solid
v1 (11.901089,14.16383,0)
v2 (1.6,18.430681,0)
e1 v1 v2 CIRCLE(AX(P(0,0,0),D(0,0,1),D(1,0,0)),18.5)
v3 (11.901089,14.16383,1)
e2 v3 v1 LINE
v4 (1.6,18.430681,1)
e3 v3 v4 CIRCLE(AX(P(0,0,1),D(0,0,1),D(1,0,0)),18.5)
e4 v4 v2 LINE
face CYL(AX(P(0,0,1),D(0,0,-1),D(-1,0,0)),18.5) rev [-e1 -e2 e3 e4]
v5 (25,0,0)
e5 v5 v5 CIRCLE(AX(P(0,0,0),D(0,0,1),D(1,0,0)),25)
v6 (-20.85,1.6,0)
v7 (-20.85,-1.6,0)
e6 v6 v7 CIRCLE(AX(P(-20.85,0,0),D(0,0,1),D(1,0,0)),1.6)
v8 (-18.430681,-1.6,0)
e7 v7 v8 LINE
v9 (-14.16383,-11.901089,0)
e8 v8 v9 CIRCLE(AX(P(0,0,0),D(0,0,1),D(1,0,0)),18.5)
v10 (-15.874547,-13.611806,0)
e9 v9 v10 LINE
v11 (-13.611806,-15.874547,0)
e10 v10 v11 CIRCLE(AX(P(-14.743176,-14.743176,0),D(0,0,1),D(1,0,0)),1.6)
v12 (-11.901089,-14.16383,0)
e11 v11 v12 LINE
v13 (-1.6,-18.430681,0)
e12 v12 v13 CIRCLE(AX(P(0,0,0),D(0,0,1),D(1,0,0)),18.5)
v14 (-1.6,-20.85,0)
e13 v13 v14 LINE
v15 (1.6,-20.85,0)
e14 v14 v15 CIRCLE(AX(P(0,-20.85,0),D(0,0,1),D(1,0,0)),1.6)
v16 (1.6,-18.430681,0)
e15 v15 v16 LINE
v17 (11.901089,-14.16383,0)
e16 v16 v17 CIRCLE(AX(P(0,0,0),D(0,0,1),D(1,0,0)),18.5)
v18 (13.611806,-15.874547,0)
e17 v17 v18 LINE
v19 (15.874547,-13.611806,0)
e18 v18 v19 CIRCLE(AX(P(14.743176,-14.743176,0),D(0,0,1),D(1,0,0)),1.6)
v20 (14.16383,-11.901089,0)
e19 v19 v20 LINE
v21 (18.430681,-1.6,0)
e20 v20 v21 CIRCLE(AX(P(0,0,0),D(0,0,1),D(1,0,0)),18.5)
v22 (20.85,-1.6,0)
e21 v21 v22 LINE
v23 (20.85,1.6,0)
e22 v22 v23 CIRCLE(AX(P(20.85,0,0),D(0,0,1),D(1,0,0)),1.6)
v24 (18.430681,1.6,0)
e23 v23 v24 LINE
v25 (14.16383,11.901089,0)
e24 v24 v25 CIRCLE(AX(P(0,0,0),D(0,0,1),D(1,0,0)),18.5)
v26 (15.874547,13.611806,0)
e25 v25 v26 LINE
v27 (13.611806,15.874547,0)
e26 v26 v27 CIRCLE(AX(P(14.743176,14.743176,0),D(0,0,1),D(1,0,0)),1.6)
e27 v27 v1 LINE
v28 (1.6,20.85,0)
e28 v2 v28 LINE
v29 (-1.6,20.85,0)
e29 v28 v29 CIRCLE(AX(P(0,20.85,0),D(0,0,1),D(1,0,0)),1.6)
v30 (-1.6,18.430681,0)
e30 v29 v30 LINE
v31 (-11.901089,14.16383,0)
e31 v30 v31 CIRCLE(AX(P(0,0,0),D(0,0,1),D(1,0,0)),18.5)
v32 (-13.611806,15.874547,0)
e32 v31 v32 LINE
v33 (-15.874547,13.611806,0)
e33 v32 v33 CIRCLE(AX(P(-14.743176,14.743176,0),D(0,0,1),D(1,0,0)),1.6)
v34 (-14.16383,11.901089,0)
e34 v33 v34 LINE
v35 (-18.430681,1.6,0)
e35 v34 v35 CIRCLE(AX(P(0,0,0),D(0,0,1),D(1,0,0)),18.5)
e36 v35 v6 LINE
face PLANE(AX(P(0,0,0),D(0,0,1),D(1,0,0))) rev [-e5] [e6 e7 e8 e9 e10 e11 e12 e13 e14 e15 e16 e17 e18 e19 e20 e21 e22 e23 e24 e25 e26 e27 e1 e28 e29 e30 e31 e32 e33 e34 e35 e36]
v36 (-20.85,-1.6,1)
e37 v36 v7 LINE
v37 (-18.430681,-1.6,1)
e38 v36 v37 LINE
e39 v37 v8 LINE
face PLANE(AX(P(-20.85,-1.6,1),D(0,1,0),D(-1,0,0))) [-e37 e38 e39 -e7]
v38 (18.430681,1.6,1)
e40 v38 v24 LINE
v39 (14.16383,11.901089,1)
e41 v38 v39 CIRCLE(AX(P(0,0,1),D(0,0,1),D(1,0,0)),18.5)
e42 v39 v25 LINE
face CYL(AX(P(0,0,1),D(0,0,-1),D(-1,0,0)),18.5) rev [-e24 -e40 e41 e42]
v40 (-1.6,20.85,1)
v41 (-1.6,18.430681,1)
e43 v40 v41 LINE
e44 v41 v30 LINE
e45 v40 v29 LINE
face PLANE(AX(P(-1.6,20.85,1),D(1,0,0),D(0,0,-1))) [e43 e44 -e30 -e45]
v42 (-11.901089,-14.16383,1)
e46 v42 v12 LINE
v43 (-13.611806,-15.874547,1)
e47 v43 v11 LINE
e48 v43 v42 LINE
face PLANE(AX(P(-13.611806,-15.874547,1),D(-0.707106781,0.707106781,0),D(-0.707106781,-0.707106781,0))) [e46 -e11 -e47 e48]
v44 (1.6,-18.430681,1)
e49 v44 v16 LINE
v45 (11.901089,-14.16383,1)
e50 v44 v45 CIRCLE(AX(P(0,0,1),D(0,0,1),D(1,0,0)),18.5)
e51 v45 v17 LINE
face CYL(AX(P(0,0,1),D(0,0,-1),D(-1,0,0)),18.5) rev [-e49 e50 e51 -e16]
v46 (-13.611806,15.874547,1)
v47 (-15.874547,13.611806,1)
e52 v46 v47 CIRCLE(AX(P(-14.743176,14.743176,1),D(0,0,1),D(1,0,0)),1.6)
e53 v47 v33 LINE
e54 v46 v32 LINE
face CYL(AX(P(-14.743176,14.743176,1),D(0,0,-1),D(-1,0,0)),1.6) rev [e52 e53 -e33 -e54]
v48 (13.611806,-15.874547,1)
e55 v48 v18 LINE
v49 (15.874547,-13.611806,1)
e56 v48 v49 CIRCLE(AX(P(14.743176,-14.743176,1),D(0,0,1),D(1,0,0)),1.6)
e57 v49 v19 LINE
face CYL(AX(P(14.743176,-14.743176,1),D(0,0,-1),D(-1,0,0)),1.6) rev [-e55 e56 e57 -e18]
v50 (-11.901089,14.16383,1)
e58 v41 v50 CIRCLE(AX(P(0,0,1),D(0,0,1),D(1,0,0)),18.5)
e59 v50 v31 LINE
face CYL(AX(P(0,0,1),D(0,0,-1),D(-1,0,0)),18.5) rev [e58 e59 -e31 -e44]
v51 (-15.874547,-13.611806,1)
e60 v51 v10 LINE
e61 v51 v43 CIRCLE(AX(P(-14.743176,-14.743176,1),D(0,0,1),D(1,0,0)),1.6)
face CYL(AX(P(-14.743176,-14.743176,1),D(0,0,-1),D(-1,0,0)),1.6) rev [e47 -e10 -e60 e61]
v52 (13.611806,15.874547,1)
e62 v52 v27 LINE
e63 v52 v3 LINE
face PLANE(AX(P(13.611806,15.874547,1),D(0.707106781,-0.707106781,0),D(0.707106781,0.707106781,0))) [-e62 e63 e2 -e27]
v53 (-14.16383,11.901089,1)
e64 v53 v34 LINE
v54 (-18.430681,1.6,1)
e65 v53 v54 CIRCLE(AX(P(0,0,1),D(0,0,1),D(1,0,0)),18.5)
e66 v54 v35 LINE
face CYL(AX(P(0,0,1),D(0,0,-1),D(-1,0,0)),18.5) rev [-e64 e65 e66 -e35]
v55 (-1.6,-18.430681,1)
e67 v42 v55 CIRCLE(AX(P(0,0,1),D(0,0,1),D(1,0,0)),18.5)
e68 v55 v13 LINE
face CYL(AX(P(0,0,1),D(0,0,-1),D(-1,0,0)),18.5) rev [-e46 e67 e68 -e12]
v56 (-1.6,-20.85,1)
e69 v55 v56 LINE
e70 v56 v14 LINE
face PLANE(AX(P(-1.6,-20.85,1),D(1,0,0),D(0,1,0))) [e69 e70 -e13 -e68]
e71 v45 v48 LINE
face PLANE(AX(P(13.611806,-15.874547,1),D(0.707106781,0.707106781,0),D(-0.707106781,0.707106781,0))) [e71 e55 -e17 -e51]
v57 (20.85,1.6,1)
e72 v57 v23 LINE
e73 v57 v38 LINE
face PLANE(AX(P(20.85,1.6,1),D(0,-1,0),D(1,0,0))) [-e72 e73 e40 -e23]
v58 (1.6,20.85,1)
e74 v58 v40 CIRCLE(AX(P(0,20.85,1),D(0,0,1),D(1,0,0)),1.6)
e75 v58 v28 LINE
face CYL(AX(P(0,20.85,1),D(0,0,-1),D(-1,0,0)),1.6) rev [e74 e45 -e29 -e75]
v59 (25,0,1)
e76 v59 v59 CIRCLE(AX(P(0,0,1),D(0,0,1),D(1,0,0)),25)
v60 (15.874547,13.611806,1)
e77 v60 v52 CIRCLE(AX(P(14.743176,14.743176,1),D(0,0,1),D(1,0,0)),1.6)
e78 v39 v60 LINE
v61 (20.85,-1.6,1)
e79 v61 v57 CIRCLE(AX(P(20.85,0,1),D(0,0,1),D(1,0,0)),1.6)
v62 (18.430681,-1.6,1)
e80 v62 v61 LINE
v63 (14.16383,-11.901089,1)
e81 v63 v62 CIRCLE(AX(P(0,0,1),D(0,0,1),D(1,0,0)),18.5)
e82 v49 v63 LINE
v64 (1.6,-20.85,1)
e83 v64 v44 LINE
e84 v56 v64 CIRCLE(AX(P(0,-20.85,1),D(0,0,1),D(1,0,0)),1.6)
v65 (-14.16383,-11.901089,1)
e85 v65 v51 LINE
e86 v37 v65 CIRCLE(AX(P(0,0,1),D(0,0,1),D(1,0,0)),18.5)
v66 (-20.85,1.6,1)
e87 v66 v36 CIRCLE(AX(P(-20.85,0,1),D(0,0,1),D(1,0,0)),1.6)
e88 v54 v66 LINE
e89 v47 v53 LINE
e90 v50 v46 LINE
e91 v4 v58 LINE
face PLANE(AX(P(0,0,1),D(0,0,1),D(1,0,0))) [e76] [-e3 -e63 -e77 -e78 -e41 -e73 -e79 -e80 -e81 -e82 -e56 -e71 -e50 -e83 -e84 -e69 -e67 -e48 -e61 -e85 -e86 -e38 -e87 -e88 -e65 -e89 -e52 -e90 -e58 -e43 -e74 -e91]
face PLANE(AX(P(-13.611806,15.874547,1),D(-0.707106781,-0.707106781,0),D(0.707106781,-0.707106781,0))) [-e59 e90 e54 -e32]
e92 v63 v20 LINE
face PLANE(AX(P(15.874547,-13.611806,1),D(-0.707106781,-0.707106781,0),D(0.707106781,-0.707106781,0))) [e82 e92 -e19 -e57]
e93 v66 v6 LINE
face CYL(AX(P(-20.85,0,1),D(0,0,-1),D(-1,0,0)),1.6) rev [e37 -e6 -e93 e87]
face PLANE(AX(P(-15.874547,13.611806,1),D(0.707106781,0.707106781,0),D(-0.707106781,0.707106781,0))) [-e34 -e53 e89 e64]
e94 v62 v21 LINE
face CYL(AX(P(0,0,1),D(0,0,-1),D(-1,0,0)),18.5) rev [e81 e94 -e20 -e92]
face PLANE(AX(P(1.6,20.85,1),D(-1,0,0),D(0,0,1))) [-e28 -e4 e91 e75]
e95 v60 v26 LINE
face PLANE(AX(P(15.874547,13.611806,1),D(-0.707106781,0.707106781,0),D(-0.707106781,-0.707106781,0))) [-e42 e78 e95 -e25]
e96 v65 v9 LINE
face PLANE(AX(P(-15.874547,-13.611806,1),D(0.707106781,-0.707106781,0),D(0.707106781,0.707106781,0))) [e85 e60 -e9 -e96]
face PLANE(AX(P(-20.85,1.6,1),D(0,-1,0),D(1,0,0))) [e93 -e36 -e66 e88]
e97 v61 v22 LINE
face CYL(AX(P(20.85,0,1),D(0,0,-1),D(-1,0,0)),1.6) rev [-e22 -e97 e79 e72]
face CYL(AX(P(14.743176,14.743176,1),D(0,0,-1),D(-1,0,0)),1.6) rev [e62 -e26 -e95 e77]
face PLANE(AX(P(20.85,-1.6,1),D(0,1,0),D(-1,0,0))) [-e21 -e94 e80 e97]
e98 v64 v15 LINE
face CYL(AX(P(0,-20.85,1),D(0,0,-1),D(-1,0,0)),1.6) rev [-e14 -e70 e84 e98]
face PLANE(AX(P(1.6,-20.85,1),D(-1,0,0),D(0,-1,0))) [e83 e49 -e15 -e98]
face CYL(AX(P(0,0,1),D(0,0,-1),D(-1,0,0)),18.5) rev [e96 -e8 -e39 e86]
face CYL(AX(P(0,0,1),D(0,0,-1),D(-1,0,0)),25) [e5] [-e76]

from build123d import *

# Parameters (mm, degrees)
SKETCH_1_R      = 25
EXTRUDE_1_DEPTH = 1


with BuildPart() as part:
    # 草图1 → 凸台-拉伸1 (new body)
    with BuildSketch(Plane.XY):
        Circle(SKETCH_1_R)
        with BuildLine():
            Line((-1.6, 20.85), (-1.6, 18.430680942))
            ThreePointArc((-1.6, 18.430680942), (-7.079643499, 17.091771351), (-11.901088626, 14.163830326))
            Line((-11.901088626, 14.163830326), (-13.611805538, 15.874547238))
            ThreePointArc((-13.611805538, 15.874547238), (-15.874547238, 15.874547238), (-15.874547238, 13.611805538))
            Line((-15.874547238, 13.611805538), (-14.163830326, 11.901088626))
            ThreePointArc((-14.163830326, 11.901088626), (-17.091771351, 7.079643499), (-18.430680942, 1.6))
            Line((-18.430680942, 1.6), (-20.85, 1.6))
            ThreePointArc((-20.85, 1.6), (-22.45, 0), (-20.85, -1.6))
            Line((-20.85, -1.6), (-18.430680942, -1.6))
            ThreePointArc((-18.430680942, -1.6), (-17.091771351, -7.079643499), (-14.163830326, -11.901088626))
            Line((-14.163830326, -11.901088626), (-15.874547238, -13.611805538))
            ThreePointArc((-15.874547238, -13.611805538), (-15.874547238, -15.874547238), (-13.611805538, -15.874547238))
            Line((-13.611805538, -15.874547238), (-11.901088626, -14.163830326))
            ThreePointArc((-11.901088626, -14.163830326), (-7.079643499, -17.091771351), (-1.6, -18.430680942))
            Line((-1.6, -18.430680942), (-1.6, -20.85))
            ThreePointArc((-1.6, -20.85), (0, -22.45), (1.6, -20.85))
            Line((1.6, -20.85), (1.6, -18.430680942))
            ThreePointArc((1.6, -18.430680942), (7.079643499, -17.091771351), (11.901088626, -14.163830326))
            Line((11.901088626, -14.163830326), (13.611805538, -15.874547238))
            ThreePointArc((13.611805538, -15.874547238), (15.874547238, -15.874547238), (15.874547238, -13.611805538))
            Line((15.874547238, -13.611805538), (14.163830326, -11.901088626))
            ThreePointArc((14.163830326, -11.901088626), (17.091771351, -7.079643499), (18.430680942, -1.6))
            Line((18.430680942, -1.6), (20.85, -1.6))
            ThreePointArc((20.85, -1.6), (22.45, 0), (20.85, 1.6))
            Line((20.85, 1.6), (18.430680942, 1.6))
            ThreePointArc((18.430680942, 1.6), (17.091771351, 7.079643499), (14.163830326, 11.901088626))
            Line((14.163830326, 11.901088626), (15.874547238, 13.611805538))
            ThreePointArc((15.874547238, 13.611805538), (15.874547238, 15.874547238), (13.611805538, 15.874547238))
            Line((13.611805538, 15.874547238), (11.901088626, 14.163830326))
            ThreePointArc((11.901088626, 14.163830326), (7.079643499, 17.091771351), (1.6, 18.430680942))
            Line((1.6, 18.430680942), (1.6, 20.85))
            ThreePointArc((1.6, 20.85), (0, 22.45), (-1.6, 20.85))
        make_face(mode=Mode.SUBTRACT)
    extrude(amount=EXTRUDE_1_DEPTH)


solid = part.part
